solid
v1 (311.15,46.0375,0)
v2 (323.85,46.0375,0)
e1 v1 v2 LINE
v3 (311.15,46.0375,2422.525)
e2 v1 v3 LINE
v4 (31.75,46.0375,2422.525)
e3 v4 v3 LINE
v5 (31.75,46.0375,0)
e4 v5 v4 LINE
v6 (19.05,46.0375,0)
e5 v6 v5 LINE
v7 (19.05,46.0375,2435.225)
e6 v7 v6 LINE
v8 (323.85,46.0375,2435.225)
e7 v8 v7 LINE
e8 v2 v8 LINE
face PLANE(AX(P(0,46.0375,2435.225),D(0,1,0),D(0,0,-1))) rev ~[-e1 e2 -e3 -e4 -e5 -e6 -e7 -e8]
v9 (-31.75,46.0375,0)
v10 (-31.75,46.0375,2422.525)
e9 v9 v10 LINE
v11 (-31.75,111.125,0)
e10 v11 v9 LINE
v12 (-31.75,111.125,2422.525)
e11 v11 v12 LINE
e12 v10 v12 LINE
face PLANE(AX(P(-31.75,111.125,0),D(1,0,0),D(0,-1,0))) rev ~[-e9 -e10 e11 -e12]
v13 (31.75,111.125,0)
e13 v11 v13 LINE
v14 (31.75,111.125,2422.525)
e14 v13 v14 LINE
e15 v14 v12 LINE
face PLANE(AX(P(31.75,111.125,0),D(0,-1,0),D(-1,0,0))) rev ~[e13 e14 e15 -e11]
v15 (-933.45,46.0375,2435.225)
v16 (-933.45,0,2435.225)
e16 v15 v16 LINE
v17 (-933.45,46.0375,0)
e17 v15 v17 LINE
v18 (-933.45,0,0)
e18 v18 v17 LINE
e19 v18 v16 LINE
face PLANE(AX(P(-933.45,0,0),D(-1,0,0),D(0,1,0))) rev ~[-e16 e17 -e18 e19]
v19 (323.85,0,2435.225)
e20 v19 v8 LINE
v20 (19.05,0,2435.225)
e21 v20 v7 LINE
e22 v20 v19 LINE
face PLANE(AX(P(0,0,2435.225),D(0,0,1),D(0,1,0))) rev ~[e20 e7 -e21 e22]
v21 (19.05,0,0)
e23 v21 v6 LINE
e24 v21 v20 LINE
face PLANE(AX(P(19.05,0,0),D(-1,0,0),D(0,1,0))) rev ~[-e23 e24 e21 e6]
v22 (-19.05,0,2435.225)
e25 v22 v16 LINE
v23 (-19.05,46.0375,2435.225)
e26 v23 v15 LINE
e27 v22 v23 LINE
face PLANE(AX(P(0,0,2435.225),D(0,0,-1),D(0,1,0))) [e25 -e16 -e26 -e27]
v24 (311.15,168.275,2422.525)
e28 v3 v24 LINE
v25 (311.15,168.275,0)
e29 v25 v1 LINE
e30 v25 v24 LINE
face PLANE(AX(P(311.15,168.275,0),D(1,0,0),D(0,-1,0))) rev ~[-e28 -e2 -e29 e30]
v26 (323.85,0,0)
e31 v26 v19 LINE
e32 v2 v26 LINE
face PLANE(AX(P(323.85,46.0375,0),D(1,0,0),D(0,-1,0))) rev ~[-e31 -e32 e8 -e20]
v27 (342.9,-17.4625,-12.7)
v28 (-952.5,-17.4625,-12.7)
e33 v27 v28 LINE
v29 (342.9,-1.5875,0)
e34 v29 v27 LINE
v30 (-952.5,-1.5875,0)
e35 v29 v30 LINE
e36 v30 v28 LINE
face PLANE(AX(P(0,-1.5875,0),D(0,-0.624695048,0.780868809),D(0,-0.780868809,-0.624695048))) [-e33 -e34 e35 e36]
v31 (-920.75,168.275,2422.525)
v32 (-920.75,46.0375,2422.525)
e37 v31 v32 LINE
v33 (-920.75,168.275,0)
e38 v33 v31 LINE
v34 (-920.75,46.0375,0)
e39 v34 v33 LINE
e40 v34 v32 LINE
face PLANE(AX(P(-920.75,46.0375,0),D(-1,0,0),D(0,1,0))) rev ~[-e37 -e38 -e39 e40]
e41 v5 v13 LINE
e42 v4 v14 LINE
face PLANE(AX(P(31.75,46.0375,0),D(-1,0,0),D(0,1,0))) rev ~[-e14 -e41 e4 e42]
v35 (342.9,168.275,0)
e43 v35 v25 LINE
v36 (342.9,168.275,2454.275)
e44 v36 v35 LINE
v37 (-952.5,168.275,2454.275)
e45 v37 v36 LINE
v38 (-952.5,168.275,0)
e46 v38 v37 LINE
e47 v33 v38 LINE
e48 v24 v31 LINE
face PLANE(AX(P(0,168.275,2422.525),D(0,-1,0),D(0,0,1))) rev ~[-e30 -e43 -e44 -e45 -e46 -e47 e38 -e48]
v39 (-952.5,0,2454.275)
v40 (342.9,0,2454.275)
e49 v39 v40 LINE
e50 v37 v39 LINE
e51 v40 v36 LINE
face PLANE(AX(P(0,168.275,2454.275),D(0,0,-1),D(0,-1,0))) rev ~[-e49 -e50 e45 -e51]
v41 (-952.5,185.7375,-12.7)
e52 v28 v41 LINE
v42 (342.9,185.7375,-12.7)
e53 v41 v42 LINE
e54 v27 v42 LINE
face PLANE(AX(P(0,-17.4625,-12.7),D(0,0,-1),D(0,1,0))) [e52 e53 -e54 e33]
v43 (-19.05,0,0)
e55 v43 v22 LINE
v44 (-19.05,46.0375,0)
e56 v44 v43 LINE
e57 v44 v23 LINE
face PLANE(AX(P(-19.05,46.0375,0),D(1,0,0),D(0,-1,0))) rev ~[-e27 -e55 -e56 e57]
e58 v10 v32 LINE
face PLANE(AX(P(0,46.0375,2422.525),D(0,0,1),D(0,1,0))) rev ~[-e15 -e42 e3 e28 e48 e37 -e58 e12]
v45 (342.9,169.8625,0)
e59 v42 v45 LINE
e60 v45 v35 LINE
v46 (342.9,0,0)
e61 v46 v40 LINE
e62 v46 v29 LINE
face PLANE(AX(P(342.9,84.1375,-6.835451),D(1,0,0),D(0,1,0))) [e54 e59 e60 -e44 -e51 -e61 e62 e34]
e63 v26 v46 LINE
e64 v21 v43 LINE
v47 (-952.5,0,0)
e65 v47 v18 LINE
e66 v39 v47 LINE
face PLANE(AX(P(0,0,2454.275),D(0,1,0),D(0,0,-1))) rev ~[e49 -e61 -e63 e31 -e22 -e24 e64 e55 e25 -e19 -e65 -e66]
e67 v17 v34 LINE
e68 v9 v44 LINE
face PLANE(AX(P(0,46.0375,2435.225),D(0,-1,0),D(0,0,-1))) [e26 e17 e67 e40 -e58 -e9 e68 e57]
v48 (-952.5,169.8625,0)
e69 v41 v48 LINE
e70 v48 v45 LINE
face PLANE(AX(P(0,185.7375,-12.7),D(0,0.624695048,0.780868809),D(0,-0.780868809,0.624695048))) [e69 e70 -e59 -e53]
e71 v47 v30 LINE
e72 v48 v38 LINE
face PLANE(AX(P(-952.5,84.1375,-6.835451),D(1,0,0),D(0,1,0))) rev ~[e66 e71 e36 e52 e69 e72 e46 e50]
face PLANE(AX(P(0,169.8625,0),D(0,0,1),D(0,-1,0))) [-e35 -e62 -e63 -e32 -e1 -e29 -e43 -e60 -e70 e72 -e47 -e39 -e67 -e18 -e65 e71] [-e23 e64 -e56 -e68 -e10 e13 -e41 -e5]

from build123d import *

# Parameters (mm, degrees)
F2_DEPTH      = 2454.275
F4_DEPTH      = 168.276
F6_DEPTH      = 952.5
F6_DEPTH_BACK = 342.9
F8_DEPTH      = 342.9
F8_DEPTH_BACK = 952.5


with BuildPart() as f2:
    # F1 (on Top) → F2 (new body)
    with BuildSketch(Plane.XY):
        Polygon((-952.5, 168.275), (-952.5, 0), (-933.45, 0), (-933.45, 46.0375), (-920.75, 46.0375), (-920.75, 168.275), align=None)
    extrude(amount=F2_DEPTH)


with BuildPart() as f2b:
    # F1 (on Top) → F2, piece 2 (new body)
    with BuildSketch(Plane.XY):
        Polygon((-31.75, 46.0375), (-19.05, 46.0375), (-19.05, 0), (19.05, 0), (19.05, 46.0375), (31.75, 46.0375), (31.75, 111.125), (-31.75, 111.125), align=None)
    extrude(amount=F2_DEPTH)


with BuildPart() as f2c:
    # F1 (on Top) → F2, piece 3 (new body)
    with BuildSketch(Plane.XY):
        Polygon((311.15, 46.0375), (323.85, 46.0375), (323.85, 0), (342.9, 0), (342.9, 168.275), (311.15, 168.275), align=None)
    extrude(amount=F2_DEPTH)


with BuildPart() as f4_tool:
    # F3 (on Front) → F4 (new body, through all)
    with BuildSketch(Plane.XZ):
        Polygon((-31.75, 2454.275), (-952.5, 2454.275), (-492.125, 1993.9), align=None)
        Polygon((342.9, 2454.275), (31.75, 2454.275), (187.325, 2298.7), align=None)
    extrude(amount=-F4_DEPTH)


with BuildPart() as f2_1:
    add(f2.part)

    # F4: cut by f4_tool
    add(f4_tool.part, mode=Mode.SUBTRACT)


    add(f2b.part)  # F6 merges F2b


with BuildPart() as f2c_1:
    add(f2c.part)

    # F4: cut by f4_tool
    add(f4_tool.part, mode=Mode.SUBTRACT)


with BuildPart() as f2_2:
    add(f2_1.part)

    add(f2c_1.part)  # F6 merges F2c
    # F5 (on Right) → F6 (join, two sides)
    with BuildSketch(Plane.YZ) as f6_sk:
        Polygon((168.275, 2422.525), (168.275, 2454.275), (0, 2454.275), (0, 2435.225), (46.0375, 2435.225), (46.0375, 2422.525), align=None)
    extrude(amount=-F6_DEPTH)
    extrude(f6_sk.sketch, amount=F6_DEPTH_BACK)

    # F7 (on Right) → F8 (join, two sides)
    with BuildSketch(Plane.YZ) as f8_sk:
        Polygon((-17.4625, -12.7), (84.1375, -12.7), (185.7375, -12.7), (169.8625, 0), (84.1375, 0), (-1.5875, 0), align=None)
    extrude(amount=F8_DEPTH)
    extrude(f8_sk.sketch, amount=-F8_DEPTH_BACK)


solid = f2_2.part
